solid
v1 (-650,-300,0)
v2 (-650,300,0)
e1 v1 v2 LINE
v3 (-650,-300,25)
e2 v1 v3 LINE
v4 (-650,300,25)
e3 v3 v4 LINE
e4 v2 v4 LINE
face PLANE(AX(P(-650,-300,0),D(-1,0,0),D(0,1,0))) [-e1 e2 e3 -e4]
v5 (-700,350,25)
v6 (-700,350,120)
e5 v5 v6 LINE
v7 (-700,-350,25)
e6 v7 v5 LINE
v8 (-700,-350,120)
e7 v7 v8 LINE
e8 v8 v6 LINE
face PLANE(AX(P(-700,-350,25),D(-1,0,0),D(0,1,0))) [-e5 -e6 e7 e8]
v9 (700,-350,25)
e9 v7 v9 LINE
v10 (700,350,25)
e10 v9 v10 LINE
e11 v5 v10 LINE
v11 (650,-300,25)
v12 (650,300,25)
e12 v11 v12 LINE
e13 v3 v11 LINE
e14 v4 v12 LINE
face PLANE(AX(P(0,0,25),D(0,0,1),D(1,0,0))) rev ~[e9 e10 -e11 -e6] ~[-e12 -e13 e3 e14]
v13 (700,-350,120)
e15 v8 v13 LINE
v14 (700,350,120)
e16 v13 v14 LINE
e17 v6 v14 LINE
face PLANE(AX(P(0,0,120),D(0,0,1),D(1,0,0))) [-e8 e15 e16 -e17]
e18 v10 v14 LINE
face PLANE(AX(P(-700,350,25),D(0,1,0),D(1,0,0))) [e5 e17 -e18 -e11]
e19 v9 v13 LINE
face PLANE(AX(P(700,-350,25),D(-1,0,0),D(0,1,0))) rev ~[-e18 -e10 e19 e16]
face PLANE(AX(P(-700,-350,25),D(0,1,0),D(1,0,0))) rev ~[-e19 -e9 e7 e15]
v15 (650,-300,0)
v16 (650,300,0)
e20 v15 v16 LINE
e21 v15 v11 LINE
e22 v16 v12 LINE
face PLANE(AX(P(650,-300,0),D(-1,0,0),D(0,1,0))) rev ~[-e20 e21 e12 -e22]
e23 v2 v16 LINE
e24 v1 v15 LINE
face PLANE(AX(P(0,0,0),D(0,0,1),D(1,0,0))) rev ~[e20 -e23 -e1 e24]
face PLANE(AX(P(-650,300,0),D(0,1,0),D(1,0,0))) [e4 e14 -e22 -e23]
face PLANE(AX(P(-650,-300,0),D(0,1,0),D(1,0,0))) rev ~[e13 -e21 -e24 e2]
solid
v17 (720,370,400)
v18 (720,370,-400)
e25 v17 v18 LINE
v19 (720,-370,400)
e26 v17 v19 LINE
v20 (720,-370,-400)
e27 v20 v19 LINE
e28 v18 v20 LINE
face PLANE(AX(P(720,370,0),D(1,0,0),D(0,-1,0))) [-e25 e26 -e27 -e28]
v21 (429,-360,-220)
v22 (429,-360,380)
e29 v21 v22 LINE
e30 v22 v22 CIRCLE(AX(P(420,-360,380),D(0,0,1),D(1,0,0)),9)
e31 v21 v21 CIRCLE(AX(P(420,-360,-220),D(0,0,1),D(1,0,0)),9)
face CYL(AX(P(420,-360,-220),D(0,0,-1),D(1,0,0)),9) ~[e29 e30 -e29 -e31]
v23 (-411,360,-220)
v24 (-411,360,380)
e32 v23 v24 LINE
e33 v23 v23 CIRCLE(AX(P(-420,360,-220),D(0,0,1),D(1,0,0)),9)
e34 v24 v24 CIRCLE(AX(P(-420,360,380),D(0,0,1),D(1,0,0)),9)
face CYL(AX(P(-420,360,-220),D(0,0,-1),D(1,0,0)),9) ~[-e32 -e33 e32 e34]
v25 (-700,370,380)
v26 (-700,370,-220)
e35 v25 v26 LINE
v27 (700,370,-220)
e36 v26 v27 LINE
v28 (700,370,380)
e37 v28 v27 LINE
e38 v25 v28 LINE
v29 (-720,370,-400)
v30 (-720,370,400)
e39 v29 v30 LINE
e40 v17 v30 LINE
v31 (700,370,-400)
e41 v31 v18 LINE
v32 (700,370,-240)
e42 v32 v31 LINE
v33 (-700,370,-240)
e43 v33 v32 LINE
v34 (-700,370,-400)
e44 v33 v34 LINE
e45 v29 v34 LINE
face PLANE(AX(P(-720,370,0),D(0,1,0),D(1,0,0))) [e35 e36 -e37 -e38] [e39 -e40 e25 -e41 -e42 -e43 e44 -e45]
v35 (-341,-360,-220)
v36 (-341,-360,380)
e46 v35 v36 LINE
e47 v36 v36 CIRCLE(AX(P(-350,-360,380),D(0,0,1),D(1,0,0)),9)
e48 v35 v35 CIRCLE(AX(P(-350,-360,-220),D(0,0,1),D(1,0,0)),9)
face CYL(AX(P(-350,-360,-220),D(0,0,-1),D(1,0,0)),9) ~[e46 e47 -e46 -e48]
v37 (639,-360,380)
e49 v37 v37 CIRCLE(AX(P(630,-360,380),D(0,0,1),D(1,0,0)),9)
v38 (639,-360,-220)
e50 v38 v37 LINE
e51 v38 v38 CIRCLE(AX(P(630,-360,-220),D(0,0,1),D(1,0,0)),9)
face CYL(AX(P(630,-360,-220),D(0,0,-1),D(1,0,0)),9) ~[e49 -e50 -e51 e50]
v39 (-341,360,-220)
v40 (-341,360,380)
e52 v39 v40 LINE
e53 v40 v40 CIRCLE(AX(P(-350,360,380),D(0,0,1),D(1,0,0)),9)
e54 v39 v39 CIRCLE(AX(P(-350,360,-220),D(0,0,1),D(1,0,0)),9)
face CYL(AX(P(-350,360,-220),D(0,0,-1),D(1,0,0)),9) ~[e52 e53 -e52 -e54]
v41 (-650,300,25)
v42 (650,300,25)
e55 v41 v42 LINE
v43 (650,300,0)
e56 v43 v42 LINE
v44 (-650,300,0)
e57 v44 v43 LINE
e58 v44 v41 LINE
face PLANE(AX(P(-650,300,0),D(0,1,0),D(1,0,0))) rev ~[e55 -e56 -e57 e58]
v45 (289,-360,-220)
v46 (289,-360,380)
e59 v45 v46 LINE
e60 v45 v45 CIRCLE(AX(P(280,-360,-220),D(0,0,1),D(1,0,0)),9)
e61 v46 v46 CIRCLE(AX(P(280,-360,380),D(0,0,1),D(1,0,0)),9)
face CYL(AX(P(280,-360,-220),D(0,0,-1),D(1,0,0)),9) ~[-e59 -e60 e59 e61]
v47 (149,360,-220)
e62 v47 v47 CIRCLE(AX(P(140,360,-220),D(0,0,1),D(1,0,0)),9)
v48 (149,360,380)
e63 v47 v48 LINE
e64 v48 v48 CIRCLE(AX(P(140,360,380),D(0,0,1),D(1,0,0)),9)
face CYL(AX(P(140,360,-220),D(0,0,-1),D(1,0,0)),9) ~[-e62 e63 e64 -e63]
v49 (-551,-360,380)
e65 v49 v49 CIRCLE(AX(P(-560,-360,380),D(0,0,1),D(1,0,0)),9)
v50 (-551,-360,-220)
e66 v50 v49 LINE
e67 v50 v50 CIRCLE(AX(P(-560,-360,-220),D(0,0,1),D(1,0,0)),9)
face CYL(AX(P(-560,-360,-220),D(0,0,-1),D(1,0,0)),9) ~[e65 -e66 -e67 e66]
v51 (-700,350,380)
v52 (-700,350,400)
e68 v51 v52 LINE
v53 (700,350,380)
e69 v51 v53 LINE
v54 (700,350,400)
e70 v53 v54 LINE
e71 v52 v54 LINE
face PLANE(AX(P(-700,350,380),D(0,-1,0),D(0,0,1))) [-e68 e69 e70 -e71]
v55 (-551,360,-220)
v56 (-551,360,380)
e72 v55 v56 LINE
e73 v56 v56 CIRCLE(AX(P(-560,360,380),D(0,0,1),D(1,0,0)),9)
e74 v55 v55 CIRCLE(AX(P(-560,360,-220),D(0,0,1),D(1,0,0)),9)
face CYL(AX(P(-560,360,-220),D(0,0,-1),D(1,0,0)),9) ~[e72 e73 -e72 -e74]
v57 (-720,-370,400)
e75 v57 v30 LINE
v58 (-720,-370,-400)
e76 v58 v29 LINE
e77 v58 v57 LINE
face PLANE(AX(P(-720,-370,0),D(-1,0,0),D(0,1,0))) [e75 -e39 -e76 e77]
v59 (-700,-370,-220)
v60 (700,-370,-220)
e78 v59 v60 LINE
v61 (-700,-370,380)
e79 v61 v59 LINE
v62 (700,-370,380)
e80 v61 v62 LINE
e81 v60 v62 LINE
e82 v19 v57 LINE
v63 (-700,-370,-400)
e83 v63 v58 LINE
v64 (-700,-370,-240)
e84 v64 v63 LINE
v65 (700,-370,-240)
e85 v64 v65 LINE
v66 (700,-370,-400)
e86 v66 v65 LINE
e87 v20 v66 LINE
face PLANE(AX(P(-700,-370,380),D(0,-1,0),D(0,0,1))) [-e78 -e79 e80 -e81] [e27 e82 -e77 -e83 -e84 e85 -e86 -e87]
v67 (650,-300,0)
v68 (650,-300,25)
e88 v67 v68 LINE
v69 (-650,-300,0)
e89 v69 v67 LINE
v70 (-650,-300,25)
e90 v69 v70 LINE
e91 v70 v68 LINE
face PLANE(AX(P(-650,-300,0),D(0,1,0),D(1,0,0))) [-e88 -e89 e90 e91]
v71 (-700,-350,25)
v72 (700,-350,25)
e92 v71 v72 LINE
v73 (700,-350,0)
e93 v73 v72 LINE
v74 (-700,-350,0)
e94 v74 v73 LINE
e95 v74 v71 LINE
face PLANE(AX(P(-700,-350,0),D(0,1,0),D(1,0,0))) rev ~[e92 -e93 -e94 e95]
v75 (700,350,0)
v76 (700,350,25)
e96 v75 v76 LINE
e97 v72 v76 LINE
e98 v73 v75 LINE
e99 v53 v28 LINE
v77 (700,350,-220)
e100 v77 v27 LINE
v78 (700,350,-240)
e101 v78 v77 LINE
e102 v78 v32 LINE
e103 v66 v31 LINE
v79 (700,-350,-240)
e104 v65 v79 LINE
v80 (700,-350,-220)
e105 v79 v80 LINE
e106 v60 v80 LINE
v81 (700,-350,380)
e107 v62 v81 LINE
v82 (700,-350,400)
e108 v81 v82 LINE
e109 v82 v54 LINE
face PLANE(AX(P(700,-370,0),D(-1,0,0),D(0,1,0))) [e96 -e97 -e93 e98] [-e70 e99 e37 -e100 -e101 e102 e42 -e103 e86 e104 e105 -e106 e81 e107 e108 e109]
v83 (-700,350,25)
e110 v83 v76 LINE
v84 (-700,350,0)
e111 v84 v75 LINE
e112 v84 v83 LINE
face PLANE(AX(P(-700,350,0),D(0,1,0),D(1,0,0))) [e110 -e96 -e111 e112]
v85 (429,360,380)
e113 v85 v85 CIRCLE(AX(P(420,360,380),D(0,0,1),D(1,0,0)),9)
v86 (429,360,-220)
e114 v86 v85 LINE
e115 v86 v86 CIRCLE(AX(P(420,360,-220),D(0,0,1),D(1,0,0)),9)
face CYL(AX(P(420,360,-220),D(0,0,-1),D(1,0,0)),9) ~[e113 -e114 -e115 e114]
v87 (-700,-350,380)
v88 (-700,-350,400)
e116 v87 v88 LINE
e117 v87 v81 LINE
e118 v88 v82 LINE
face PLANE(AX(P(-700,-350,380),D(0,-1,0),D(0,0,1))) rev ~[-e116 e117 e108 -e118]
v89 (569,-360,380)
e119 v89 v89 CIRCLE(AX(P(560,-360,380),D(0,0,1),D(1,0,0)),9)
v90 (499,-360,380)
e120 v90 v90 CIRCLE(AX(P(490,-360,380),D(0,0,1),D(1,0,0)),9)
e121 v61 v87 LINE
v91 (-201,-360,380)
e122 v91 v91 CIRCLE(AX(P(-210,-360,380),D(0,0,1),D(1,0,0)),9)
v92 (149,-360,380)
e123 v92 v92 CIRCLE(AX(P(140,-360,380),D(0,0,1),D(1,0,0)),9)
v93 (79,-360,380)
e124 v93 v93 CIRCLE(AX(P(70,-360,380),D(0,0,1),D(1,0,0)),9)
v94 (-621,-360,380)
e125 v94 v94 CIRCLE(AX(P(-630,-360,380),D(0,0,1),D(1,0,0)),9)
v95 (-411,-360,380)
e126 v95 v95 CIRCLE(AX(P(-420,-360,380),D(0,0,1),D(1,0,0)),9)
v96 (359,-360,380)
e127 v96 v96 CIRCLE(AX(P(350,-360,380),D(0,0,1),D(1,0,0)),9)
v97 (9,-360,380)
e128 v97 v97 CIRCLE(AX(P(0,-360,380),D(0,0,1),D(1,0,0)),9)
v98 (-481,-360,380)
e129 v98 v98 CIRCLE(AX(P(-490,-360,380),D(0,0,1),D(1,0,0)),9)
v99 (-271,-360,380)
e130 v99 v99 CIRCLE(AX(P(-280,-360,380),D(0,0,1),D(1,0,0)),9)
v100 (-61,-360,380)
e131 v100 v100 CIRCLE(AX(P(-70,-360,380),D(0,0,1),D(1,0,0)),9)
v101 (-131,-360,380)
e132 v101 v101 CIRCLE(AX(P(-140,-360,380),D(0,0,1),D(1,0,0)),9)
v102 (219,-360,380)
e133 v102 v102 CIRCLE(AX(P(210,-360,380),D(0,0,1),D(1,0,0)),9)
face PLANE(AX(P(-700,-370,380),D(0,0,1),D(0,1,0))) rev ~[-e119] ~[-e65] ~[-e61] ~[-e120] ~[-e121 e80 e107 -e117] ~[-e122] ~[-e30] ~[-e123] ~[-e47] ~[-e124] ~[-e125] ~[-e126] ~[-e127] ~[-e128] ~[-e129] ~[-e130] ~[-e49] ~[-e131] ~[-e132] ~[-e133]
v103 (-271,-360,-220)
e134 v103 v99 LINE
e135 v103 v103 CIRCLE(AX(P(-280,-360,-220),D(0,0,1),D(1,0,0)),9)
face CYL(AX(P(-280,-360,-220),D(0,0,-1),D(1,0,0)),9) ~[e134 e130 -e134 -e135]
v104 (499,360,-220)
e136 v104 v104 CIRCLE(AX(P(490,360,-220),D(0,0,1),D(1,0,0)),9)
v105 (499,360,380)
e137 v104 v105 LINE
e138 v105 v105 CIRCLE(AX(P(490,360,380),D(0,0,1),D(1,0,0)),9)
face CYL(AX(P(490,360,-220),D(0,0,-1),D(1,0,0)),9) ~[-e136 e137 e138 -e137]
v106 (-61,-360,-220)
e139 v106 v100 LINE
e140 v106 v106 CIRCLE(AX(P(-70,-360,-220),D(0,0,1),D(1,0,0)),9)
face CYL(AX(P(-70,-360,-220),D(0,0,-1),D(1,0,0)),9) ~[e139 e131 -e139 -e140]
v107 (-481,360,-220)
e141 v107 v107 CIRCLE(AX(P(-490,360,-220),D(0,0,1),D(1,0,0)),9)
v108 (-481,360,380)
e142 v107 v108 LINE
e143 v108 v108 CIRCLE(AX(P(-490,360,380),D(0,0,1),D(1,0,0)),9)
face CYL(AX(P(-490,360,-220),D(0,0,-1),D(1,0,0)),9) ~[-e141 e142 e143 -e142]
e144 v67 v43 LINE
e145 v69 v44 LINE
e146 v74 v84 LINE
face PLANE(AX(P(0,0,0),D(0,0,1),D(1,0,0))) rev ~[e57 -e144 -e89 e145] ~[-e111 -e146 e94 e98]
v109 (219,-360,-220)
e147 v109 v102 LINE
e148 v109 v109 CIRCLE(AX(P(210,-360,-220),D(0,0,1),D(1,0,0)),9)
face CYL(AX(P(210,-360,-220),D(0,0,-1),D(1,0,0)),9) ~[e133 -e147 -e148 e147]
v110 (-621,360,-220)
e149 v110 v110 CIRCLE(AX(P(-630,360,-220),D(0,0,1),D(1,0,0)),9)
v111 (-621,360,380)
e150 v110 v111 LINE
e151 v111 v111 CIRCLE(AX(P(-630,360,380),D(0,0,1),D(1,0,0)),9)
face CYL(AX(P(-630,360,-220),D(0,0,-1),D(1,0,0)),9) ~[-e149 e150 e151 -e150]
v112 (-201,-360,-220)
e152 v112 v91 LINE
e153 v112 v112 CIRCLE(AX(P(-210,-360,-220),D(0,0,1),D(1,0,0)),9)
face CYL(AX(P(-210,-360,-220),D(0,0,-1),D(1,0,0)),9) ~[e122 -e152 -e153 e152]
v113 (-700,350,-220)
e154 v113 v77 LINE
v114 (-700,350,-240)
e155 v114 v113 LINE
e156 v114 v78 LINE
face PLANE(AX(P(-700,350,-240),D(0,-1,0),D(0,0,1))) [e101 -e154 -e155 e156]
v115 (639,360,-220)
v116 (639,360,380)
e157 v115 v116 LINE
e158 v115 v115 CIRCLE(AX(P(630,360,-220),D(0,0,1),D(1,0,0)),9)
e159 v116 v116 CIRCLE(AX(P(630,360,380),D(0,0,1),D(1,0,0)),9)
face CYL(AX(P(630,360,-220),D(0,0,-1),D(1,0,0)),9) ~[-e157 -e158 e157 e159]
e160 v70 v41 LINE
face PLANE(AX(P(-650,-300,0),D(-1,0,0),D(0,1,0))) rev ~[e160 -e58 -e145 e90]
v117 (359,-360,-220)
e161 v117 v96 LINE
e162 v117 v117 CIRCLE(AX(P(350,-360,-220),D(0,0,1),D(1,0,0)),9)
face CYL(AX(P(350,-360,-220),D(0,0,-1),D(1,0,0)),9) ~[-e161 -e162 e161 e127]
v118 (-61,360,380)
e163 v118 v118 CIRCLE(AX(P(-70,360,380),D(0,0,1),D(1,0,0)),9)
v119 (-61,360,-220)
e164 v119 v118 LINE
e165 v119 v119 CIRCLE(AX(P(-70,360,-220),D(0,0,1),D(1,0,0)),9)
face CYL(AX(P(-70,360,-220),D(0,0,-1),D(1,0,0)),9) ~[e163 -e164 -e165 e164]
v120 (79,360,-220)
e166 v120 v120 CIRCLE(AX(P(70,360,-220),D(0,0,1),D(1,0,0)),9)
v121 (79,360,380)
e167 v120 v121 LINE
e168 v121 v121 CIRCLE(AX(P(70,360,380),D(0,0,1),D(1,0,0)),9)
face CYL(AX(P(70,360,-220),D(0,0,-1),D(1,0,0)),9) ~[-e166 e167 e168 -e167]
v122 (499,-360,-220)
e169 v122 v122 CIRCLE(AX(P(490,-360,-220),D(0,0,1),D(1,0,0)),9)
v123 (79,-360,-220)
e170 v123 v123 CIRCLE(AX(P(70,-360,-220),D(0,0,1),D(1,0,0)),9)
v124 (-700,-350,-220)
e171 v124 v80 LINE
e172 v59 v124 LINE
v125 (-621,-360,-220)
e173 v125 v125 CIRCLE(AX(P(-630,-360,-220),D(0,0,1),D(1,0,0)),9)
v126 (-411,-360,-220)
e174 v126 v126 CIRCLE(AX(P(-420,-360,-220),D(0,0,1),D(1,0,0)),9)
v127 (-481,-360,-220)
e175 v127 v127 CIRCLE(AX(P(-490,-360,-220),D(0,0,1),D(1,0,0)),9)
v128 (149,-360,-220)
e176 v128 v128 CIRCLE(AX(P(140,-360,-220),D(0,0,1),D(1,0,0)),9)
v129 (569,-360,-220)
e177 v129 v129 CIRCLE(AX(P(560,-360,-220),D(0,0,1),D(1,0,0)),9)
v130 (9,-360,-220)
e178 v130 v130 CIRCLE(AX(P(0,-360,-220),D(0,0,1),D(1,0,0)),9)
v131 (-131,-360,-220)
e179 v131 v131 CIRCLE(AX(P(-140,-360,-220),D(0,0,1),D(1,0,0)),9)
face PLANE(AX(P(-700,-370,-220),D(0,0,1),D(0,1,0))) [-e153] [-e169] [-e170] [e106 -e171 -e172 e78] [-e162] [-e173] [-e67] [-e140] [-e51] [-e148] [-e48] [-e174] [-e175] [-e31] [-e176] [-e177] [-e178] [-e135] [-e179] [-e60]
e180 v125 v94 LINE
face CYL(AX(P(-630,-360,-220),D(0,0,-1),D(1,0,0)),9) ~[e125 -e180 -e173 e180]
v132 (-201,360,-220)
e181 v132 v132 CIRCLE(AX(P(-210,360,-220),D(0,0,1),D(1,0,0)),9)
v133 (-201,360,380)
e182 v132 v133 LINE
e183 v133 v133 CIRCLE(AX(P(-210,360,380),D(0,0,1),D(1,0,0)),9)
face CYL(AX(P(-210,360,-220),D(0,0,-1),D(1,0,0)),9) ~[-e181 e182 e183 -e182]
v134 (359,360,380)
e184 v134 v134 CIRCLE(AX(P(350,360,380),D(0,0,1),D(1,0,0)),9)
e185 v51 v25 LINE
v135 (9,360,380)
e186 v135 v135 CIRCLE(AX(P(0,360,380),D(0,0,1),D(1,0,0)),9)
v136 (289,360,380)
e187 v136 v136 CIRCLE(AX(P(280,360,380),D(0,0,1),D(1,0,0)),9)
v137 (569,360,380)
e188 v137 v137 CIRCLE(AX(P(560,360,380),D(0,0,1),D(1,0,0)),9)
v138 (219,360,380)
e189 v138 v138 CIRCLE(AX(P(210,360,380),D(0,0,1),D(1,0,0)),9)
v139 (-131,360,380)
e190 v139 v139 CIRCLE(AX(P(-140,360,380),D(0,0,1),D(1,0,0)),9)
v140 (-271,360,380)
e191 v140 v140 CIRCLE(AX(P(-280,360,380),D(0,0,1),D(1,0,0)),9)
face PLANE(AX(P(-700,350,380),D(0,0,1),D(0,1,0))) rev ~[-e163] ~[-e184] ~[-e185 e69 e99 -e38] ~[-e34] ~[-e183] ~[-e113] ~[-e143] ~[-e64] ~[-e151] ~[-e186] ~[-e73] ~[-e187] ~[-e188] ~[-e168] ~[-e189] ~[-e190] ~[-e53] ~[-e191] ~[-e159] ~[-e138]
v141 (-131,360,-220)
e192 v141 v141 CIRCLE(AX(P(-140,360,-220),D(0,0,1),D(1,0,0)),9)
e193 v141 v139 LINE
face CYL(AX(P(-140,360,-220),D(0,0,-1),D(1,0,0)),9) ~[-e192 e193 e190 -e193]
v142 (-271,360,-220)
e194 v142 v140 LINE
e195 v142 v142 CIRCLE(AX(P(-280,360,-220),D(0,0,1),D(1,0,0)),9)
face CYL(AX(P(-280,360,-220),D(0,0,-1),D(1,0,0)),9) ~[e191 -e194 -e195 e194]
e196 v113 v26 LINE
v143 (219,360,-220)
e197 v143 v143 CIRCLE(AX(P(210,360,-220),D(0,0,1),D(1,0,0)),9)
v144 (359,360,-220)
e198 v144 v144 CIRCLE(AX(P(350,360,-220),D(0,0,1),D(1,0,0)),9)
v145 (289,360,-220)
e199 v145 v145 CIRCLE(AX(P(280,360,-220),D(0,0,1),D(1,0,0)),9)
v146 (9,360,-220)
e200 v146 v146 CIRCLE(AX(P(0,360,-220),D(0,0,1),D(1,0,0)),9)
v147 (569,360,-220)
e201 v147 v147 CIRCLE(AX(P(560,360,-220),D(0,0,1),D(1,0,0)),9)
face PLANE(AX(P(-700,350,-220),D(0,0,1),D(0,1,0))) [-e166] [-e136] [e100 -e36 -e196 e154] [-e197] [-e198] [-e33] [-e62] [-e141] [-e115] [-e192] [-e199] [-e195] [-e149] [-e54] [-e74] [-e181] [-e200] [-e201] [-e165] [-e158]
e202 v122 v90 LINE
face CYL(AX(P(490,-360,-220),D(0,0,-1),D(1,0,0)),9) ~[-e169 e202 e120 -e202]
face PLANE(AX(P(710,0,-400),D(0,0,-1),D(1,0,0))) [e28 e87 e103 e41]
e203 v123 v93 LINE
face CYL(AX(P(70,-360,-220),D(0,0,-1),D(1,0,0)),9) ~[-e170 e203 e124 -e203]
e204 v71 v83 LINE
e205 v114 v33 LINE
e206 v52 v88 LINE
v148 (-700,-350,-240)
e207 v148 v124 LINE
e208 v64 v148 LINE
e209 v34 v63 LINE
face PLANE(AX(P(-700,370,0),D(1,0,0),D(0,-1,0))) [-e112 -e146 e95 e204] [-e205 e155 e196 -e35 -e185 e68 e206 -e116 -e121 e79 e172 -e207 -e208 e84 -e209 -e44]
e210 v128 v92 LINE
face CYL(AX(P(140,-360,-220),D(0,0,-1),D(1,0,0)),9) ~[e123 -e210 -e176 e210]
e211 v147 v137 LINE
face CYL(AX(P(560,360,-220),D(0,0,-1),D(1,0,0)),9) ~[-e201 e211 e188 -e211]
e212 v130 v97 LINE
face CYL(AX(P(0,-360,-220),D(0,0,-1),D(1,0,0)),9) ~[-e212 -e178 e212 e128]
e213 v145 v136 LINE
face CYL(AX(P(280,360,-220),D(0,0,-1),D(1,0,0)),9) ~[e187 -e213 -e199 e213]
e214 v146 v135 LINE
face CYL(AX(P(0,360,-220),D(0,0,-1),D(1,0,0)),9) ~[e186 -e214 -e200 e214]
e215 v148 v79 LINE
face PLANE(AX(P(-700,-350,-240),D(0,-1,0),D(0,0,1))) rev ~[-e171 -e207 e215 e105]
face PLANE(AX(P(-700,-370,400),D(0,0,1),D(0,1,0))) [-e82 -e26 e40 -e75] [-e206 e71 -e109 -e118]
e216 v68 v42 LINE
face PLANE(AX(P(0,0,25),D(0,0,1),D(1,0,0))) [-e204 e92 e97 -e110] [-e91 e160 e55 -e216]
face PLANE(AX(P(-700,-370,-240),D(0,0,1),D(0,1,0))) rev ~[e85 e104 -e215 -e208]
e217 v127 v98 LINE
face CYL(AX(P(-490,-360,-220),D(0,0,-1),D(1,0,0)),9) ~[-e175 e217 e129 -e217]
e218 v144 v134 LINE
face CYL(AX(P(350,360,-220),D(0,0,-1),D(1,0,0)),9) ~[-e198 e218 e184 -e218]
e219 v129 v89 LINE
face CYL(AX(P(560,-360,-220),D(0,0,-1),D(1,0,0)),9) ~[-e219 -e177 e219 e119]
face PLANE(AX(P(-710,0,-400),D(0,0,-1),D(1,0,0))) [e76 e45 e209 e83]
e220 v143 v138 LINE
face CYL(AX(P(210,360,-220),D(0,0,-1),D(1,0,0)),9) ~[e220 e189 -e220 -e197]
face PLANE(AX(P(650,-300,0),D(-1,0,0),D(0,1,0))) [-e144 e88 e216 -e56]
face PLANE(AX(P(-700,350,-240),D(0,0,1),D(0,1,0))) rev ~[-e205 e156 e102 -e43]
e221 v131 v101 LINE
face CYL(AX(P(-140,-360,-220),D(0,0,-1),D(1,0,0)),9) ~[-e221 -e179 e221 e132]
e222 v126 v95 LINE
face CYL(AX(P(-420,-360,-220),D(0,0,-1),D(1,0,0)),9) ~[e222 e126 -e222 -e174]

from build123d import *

# Parameters (mm, degrees)
F0_W          = 1400
F0_H          = 700
F0_W_2        = 1300
F0_H_2        = 600
F1_DEPTH      = 25
F3_DEPTH      = 400
F3_DEPTH_BACK = 400
F4_W          = 20
F4_H          = 20
F5_DEPTH      = 1400
F6_R          = 9
F7_DEPTH      = 600
F8_DEPTH      = 120
F9_DEPTH      = 95


with BuildPart() as f1:
    # F0 (on Top) → F1 (new body)
    with BuildSketch(Plane.XY):
        Rectangle(F0_W, F0_H)
        Rectangle(F0_W_2, F0_H_2, mode=Mode.SUBTRACT)
    extrude(amount=F1_DEPTH)

    # F2 (on face) → F3 (join, two sides)
    with BuildSketch(Plane(origin=(0, 0, 0), x_dir=(1, 0, 0), z_dir=(0, 0, -1))) as f3_sk:
        Polygon((-720, -370), (-700, -370), (-700, -350), (-700, 350), (-700, 370), (-720, 370), align=None)
        Polygon((700, 350), (700, -350), (700, -370), (720, -370), (720, 370), (700, 370), align=None)
    extrude(amount=F3_DEPTH)
    extrude(f3_sk.sketch, amount=-F3_DEPTH_BACK)

    # F4 (on face) → F5 (join, through all)
    with BuildSketch(Plane.YZ.offset(-700)):
        with Locations((-360, 390)):
            Rectangle(F4_W, F4_H)
        with Locations((360, 390)):
            Rectangle(F4_W, F4_H)
        with Locations((-360, -230)):
            Rectangle(F4_W, F4_H)
        with Locations((360, -230)):
            Rectangle(F4_W, F4_H)
    extrude(amount=F5_DEPTH)

    # F6 (on face) → F7 (join, through all)
    with BuildSketch(Plane.XY.offset(-220)):
        with Locations((630, -360)):
            Circle(F6_R)
        with Locations((560, -360)):
            Circle(F6_R)
        with Locations((490, -360)):
            Circle(F6_R)
        with Locations((420, -360)):
            Circle(F6_R)
        with Locations((350, -360)):
            Circle(F6_R)
        with Locations((280, -360)):
            Circle(F6_R)
        with Locations((210, -360)):
            Circle(F6_R)
        with Locations((140, -360)):
            Circle(F6_R)
        with Locations((70, -360)):
            Circle(F6_R)
        with Locations((0, -360)):
            Circle(F6_R)
        with Locations((-70, -360)):
            Circle(F6_R)
        with Locations((-140, -360)):
            Circle(F6_R)
        with Locations((-210, -360)):
            Circle(F6_R)
        with Locations((-280, -360)):
            Circle(F6_R)
        with Locations((-350, -360)):
            Circle(F6_R)
        with Locations((-420, -360)):
            Circle(F6_R)
        with Locations((-490, -360)):
            Circle(F6_R)
        with Locations((-560, -360)):
            Circle(F6_R)
        with Locations((-630, -360)):
            Circle(F6_R)
        with Locations((630, 360)):
            Circle(F6_R)
        with Locations((560, 360)):
            Circle(F6_R)
        with Locations((140, 360)):
            Circle(F6_R)
        with Locations((70, 360)):
            Circle(F6_R)
        with Locations((-420, 360)):
            Circle(F6_R)
        with Locations((0, 360)):
            Circle(F6_R)
        with Locations((-70, 360)):
            Circle(F6_R)
        with Locations((-140, 360)):
            Circle(F6_R)
        with Locations((-210, 360)):
            Circle(F6_R)
        with Locations((-280, 360)):
            Circle(F6_R)
        with Locations((-490, 360)):
            Circle(F6_R)
        with Locations((-560, 360)):
            Circle(F6_R)
        with Locations((-630, 360)):
            Circle(F6_R)
        with Locations((-350, 360)):
            Circle(F6_R)
        with Locations((490, 360)):
            Circle(F6_R)
        with Locations((420, 360)):
            Circle(F6_R)
        with Locations((350, 360)):
            Circle(F6_R)
        with Locations((280, 360)):
            Circle(F6_R)
        with Locations((210, 360)):
            Circle(F6_R)
    extrude(amount=F7_DEPTH)


with BuildPart() as f8:
    # F0 (on Top) → F8 (new body)
    with BuildSketch(Plane.XY):
        Rectangle(F0_W_2, F0_H_2)
    extrude(amount=F8_DEPTH)

    # F9 (add, through all): a face of the model
    f9_faces = [f1.part.faces().sort_by_distance(p)[0] for p in [
        (0, -334.3475241575, 25),
    ]]
    extrude(f9_faces, amount=F9_DEPTH)


solid = Compound([f1.part, f8.part])
